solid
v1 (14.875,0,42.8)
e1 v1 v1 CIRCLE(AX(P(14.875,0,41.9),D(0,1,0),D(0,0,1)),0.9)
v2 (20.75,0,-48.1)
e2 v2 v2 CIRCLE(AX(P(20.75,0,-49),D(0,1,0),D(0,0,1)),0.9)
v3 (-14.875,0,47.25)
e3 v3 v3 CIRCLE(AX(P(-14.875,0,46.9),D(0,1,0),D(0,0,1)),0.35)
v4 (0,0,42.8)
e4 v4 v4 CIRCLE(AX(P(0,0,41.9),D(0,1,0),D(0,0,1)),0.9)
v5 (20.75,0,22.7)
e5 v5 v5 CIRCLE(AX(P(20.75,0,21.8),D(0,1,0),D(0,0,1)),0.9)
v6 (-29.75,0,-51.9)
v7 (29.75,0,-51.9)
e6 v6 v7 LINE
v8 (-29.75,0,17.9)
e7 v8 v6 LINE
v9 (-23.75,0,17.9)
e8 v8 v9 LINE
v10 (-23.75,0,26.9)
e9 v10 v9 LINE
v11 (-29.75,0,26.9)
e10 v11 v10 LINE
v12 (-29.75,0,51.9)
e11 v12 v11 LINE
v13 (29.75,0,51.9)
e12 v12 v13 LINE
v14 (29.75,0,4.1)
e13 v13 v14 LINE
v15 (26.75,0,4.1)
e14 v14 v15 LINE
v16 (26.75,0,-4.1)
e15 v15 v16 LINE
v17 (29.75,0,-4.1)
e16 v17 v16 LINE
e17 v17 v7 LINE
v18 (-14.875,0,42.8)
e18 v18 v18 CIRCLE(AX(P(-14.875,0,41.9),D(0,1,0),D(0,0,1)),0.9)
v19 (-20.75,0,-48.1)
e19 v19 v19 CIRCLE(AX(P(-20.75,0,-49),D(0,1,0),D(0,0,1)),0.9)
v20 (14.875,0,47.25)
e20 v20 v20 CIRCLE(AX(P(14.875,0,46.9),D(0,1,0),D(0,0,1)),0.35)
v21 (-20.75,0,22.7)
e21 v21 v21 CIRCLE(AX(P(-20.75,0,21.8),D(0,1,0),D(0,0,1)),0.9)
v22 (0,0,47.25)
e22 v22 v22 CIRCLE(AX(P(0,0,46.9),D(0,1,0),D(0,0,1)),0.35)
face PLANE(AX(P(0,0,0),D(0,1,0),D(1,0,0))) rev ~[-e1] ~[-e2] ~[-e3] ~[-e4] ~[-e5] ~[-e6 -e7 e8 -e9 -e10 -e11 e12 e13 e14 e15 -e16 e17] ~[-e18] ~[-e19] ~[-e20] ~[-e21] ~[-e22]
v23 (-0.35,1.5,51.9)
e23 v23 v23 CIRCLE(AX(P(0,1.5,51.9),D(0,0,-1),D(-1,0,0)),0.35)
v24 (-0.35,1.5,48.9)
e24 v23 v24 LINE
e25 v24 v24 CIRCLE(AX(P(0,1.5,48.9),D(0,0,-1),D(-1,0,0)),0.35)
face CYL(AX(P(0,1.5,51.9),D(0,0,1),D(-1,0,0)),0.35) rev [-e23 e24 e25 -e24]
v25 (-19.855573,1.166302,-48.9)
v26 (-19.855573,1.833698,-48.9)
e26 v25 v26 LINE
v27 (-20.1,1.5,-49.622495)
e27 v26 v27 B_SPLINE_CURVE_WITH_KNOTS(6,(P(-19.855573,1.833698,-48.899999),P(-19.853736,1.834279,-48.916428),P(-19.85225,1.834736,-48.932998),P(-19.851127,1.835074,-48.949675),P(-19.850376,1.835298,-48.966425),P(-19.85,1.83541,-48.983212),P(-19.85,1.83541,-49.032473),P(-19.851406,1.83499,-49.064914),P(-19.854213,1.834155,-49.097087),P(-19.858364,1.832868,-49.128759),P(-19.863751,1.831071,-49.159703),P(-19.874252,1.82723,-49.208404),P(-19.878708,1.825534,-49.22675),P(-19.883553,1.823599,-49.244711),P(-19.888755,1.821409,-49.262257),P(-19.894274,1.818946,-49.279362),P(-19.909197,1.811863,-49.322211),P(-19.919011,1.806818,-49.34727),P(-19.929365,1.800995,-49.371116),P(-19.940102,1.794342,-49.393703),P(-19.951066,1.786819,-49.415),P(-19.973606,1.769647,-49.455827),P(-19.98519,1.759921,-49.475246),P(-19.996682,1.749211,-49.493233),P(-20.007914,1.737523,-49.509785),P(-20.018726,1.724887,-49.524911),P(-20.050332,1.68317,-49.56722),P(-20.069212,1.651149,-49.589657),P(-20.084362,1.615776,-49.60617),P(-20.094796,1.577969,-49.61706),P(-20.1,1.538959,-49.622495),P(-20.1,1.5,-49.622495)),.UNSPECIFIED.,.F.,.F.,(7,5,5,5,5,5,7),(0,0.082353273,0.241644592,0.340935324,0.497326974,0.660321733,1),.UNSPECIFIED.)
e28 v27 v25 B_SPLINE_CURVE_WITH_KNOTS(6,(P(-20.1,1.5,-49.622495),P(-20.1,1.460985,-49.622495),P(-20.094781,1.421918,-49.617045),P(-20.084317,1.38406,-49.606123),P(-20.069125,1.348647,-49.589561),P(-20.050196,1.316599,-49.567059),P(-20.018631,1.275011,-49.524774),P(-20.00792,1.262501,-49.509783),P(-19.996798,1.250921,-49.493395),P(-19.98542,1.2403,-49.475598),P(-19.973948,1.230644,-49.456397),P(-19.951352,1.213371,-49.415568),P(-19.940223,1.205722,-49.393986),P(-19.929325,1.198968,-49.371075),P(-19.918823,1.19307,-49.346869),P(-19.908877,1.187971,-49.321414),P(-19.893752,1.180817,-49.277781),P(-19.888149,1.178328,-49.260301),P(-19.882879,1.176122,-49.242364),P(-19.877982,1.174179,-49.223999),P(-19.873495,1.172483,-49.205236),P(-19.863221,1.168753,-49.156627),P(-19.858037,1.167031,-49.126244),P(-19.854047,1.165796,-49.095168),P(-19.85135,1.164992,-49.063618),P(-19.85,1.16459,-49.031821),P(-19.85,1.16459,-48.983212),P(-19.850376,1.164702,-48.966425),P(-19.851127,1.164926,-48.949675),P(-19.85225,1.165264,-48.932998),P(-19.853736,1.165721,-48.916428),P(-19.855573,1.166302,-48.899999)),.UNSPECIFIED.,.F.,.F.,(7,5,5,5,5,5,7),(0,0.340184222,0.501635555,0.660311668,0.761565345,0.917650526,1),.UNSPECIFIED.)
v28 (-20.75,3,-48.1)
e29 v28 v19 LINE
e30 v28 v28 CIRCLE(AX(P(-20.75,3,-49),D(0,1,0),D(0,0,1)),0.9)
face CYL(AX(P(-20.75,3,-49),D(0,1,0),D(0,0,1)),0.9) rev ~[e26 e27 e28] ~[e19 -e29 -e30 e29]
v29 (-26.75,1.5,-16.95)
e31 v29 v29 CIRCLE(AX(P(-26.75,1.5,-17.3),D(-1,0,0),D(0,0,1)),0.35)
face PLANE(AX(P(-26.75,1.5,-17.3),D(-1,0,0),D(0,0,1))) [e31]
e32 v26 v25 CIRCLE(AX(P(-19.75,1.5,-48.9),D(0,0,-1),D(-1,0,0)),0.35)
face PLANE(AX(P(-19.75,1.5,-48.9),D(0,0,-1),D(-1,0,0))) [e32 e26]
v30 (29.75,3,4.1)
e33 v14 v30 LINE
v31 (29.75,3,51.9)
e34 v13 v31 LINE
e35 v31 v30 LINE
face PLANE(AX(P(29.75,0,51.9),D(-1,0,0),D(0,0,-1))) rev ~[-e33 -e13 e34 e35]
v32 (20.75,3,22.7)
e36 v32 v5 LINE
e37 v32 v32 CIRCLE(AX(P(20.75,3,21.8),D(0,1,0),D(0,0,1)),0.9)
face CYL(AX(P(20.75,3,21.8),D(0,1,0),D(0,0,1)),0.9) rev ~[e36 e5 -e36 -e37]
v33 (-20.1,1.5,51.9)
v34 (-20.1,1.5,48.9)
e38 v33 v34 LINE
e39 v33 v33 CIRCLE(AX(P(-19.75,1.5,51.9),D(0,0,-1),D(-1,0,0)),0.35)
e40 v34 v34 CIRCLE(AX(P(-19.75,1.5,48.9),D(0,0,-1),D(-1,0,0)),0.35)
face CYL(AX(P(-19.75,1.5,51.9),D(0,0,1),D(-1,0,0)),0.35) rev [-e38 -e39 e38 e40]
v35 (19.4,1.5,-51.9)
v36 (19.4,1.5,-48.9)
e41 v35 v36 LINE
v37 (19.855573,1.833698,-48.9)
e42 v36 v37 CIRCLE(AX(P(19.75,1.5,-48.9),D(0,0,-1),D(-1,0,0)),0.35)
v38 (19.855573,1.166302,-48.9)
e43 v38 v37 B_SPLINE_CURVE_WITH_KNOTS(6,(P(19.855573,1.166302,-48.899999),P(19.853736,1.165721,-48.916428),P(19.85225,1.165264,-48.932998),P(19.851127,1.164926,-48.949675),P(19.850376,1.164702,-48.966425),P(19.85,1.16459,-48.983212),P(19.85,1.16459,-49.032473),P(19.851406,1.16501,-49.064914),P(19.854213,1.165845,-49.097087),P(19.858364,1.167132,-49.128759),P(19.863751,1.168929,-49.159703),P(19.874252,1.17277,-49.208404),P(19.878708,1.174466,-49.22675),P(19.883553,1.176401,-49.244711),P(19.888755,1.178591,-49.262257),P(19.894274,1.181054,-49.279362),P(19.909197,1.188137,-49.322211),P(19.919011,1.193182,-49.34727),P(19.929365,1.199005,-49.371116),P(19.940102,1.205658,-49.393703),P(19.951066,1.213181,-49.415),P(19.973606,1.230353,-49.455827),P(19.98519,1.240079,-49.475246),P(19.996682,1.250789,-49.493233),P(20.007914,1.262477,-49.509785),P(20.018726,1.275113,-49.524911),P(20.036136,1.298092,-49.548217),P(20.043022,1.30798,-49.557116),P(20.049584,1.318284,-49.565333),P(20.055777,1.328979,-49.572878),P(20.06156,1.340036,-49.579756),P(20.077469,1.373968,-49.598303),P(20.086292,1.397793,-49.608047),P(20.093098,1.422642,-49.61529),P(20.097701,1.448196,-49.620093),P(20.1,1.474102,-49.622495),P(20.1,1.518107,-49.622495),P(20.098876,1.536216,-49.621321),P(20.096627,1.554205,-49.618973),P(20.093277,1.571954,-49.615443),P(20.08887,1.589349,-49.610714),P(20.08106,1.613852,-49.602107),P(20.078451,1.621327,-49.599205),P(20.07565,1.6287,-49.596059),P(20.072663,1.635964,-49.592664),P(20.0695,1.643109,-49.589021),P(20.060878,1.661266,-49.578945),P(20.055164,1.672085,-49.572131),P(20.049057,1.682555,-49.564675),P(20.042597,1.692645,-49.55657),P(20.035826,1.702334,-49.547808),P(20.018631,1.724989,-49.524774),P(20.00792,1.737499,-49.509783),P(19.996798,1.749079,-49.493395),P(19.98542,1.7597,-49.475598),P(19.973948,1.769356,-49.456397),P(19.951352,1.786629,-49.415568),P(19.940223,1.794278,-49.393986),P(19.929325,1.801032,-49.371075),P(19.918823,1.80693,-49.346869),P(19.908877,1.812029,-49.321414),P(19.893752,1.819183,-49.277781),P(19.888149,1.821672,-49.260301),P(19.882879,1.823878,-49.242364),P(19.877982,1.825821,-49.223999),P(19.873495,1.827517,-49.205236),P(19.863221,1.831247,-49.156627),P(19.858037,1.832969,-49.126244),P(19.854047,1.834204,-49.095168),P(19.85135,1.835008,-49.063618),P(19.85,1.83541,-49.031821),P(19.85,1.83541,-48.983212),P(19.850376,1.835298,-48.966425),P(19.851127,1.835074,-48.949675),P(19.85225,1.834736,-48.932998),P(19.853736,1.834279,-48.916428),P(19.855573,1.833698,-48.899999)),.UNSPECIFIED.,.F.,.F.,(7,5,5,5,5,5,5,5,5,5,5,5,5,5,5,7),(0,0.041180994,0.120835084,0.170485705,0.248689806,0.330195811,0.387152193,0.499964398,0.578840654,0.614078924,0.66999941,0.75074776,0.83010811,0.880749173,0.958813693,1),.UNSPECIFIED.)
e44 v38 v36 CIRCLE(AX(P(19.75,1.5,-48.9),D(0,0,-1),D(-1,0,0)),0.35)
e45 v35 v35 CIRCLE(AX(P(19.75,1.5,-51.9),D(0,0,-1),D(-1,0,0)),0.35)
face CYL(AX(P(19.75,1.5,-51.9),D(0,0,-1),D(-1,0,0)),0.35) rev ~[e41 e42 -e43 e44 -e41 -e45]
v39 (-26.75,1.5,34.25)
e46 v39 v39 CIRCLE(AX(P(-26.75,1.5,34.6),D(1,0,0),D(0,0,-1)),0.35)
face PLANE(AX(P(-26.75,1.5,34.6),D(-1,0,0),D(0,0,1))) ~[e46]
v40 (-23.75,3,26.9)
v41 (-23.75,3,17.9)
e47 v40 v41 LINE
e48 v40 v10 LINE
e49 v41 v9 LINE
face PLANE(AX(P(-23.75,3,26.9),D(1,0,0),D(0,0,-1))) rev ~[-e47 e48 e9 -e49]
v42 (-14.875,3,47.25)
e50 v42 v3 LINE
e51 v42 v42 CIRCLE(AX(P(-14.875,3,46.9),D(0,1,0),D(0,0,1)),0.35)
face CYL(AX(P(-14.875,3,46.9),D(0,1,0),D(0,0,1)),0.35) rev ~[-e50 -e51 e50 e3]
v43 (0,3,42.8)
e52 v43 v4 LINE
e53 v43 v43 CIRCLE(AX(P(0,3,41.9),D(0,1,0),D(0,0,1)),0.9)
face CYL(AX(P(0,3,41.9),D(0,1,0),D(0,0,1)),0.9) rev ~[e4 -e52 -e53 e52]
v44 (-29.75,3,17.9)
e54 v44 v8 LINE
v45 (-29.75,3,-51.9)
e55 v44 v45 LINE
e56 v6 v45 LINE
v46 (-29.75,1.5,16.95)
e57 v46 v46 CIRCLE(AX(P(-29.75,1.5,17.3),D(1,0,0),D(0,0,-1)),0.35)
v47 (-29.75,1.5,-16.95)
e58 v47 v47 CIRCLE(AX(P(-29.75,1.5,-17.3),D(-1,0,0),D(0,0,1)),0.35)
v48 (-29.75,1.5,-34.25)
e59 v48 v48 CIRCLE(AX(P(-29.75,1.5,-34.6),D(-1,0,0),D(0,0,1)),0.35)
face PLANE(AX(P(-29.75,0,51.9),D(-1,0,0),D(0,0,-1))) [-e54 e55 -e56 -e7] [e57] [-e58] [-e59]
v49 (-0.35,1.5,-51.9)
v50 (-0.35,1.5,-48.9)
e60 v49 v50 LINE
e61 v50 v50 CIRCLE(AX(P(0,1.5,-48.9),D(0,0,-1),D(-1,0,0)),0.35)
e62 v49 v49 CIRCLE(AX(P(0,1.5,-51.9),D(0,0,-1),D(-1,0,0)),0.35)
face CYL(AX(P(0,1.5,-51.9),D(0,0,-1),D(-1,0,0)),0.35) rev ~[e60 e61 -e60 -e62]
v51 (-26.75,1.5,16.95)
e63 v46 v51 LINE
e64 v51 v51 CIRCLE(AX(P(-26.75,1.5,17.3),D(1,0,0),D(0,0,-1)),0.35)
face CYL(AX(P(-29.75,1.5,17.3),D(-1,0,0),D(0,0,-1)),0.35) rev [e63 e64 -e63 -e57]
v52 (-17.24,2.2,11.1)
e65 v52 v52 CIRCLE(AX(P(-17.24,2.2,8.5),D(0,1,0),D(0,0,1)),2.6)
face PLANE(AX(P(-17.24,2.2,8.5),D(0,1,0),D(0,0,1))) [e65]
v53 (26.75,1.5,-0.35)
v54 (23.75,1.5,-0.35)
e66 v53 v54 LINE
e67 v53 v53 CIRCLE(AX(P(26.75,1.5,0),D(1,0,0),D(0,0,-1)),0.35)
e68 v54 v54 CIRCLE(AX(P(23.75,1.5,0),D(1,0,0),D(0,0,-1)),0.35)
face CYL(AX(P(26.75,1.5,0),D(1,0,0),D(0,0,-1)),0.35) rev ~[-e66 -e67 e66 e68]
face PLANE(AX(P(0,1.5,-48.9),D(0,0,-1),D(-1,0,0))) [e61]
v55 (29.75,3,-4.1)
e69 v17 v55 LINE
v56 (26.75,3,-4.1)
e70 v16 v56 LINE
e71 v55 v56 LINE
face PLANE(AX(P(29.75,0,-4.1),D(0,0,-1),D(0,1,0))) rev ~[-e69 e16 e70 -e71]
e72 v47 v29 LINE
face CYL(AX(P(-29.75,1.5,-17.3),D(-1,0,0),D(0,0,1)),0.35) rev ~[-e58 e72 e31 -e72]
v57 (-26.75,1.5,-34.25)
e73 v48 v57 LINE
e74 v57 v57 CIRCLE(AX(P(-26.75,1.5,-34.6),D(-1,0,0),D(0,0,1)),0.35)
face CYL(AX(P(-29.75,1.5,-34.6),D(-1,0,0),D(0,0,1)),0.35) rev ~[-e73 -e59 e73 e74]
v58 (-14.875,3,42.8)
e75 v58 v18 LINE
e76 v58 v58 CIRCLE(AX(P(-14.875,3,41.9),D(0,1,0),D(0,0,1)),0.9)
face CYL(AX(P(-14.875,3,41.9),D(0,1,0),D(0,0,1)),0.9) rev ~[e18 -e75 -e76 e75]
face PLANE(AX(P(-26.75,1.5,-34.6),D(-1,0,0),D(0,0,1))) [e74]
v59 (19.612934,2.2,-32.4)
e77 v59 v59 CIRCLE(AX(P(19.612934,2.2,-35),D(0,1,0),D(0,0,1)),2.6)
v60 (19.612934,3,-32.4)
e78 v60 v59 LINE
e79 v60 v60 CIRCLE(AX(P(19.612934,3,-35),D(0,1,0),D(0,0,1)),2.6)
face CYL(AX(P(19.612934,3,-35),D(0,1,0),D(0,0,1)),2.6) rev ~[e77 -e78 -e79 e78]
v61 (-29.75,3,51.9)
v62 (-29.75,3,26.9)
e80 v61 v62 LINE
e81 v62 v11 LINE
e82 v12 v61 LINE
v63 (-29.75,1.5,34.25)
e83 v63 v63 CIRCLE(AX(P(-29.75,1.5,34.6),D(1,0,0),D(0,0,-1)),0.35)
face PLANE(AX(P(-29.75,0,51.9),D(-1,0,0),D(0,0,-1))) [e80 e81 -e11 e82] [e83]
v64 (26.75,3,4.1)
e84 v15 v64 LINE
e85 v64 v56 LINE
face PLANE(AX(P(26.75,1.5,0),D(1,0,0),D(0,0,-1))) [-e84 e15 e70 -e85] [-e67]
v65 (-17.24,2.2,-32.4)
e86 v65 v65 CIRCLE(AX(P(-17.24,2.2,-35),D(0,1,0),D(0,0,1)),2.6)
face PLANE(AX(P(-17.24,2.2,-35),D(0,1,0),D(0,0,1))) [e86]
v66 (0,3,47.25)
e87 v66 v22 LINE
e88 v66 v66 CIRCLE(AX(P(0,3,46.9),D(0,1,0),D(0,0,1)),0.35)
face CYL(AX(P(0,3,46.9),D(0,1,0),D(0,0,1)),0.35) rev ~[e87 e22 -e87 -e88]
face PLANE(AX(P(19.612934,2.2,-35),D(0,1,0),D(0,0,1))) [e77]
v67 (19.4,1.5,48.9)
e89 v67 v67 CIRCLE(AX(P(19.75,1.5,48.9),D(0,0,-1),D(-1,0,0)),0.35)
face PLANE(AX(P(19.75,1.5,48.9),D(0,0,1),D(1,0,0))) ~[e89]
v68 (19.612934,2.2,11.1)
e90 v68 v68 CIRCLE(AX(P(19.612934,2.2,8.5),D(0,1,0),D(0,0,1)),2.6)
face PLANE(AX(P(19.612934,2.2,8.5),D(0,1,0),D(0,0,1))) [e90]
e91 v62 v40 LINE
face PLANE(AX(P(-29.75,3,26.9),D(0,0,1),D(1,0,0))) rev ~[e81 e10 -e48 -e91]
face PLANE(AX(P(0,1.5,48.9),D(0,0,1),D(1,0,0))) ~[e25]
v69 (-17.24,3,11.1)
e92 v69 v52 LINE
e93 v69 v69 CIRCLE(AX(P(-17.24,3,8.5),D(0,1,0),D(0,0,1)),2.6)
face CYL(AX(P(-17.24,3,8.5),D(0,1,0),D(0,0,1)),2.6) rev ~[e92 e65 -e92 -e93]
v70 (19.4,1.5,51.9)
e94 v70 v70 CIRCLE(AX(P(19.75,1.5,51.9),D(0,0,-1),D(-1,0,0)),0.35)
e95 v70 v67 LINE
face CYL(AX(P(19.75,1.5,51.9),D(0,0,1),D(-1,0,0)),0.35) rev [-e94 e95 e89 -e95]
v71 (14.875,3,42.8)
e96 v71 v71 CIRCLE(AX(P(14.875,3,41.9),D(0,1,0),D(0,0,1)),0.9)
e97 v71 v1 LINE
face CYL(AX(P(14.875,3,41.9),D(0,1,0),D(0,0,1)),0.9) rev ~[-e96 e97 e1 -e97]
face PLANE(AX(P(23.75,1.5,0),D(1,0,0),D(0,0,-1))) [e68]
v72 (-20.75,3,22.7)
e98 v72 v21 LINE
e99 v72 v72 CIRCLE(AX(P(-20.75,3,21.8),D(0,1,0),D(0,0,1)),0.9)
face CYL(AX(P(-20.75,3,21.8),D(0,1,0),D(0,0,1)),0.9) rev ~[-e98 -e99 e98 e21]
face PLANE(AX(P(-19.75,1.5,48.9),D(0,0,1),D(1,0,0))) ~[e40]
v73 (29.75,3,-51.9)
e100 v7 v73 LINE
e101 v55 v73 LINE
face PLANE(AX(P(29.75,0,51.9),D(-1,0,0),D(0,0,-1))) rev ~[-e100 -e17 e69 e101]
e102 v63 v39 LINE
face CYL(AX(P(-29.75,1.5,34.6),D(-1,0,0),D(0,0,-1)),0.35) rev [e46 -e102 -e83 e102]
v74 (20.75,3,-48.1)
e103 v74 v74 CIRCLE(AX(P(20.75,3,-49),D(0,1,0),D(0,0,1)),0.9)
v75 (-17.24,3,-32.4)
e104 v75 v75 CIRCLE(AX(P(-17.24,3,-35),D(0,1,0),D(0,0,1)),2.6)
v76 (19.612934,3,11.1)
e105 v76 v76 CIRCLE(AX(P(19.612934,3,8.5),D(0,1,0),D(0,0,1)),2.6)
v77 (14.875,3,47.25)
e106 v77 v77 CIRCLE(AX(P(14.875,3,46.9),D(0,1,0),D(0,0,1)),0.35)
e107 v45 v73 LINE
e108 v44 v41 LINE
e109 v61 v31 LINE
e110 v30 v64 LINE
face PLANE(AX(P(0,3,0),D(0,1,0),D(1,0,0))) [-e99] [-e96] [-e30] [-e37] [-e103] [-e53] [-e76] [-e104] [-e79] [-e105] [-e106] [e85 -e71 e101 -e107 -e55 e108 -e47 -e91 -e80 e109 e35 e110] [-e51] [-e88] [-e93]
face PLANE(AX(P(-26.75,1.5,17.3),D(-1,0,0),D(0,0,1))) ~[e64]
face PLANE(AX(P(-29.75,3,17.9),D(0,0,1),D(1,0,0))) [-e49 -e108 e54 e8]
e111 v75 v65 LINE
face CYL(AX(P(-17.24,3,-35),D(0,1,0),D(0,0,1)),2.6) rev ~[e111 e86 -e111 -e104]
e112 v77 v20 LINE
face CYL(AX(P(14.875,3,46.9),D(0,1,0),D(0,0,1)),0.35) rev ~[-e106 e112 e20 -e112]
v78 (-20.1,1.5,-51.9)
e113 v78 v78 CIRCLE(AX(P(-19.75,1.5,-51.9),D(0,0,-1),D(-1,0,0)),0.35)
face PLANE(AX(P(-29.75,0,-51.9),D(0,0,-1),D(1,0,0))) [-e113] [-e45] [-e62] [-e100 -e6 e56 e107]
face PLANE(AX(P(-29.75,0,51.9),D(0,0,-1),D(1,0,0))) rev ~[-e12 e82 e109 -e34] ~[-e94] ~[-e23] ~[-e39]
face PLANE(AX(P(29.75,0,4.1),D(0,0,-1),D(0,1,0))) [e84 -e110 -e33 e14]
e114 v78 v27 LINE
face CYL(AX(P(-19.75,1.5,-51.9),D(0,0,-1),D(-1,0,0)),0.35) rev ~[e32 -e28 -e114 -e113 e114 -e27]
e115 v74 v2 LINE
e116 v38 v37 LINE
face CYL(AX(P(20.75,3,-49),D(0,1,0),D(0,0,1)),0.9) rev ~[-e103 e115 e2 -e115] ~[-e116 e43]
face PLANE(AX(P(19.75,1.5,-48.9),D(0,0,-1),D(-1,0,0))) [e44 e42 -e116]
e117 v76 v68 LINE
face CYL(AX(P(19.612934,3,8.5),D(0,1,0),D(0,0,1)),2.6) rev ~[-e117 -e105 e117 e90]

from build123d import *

# Parameters (mm, degrees)
SKETCH_1_W          = 59.5
SKETCH_1_H          = 103.8
EXTRUDE_1_DEPTH     = 3
SKETCH_2_R          = 2.6
CUT_EXTRUDE_1_DEPTH = 0.8
SKETCH_3_W          = 8.2
SKETCH_3_H          = 3
CUT_EXTRUDE_2_DEPTH = 3
CUT_EXTRUDE_START   = -3
SKETCH_3_3_R        = 0.35
CUT_EXTRUDE_4_DEPTH = 3
SKETCH_4_R          = 0.35
CUT_EXTRUDE_5_DEPTH = 3
SKETCH_5_R          = 0.35
CUT_EXTRUDE_6_DEPTH = 3
SKETCH_8_W          = 6
SKETCH_8_H          = 9
CUT_EXTRUDE_7_DEPTH = 60.897182738
SKETCH_9_R          = 0.9
CUT_EXTRUDE_8_DEPTH = 60.897182738
SKETCH_10_R         = 0.35
SKETCH_10_R_2       = 0.9
CUT_EXTRUDE_9_DEPTH = 60.89718283


with BuildPart() as part:
    # 草图1 → 凸台-拉伸1 (new body)
    with BuildSketch(Plane(origin=(0, 0, 0), x_dir=(1, 0, 0), z_dir=(0, 1, 0))):
        Rectangle(SKETCH_1_W, SKETCH_1_H)
    extrude(amount=EXTRUDE_1_DEPTH)

    # 草图2 → 切除-拉伸1 (cut)
    with BuildSketch(Plane(origin=(0, 3, 0), x_dir=(1, 0, 0), z_dir=(0, 1, 0))):
        with Locations(Location((19.612933951, 35, 0), (0, 0, 270))):
            Circle(SKETCH_2_R)
        with Locations(Location((19.612933951, -8.5, 0), (0, 0, 270))):
            Circle(SKETCH_2_R)
        with Locations(Location((-17.24, -8.5, 0), (0, 0, 270))):
            Circle(SKETCH_2_R)
        with Locations(Location((-17.24, 35, 0), (0, 0, 270))):
            Circle(SKETCH_2_R)
    extrude(amount=-CUT_EXTRUDE_1_DEPTH, mode=Mode.SUBTRACT)

    # 草图3 → 切除-拉伸2 (cut)
    with BuildSketch(Plane(origin=(29.75, 0, 0), x_dir=(0, 0, -1), z_dir=(1, 0, 0))):
        with Locations((0, 1.5)):
            Rectangle(SKETCH_3_W, SKETCH_3_H)
    extrude(amount=-CUT_EXTRUDE_2_DEPTH, mode=Mode.SUBTRACT)

    # 草图3<3> → 切除-拉伸4 (cut)
    with BuildSketch(Plane(origin=(29.75, 0, 0), x_dir=(0, 0, -1), z_dir=(1, 0, 0)).offset(CUT_EXTRUDE_START)):
        with Locations((0, 1.5)):
            Circle(SKETCH_3_3_R)
    extrude(amount=-CUT_EXTRUDE_4_DEPTH, mode=Mode.SUBTRACT)

    # 草图4 → 切除-拉伸5 (cut)
    with BuildSketch(Plane(origin=(0, 0, -51.9), x_dir=(-1, 0, 0), z_dir=(0, 0, -1))):
        with Locations((-19.75, 1.5)):
            Circle(SKETCH_4_R)
        with Locations((0, 1.5)):
            Circle(SKETCH_4_R)
        with Locations((19.75, 1.5)):
            Circle(SKETCH_4_R)
    cut_extrude_5 = extrude(amount=-CUT_EXTRUDE_5_DEPTH, mode=Mode.SUBTRACT)

    # 草图5 → 切除-拉伸6 (cut)
    with BuildSketch(Plane.ZY.offset(29.75)):
        with Locations((-34.6, 1.5)):
            Circle(SKETCH_5_R)
        with Locations((-17.3, 1.5)):
            Circle(SKETCH_5_R)
    cut_extrude_6 = extrude(amount=-CUT_EXTRUDE_6_DEPTH, mode=Mode.SUBTRACT)

    # 镜向1: 切除-拉伸5, 切除-拉伸6 across plane
    add(cut_extrude_5.mirror(Plane.XY), mode=Mode.SUBTRACT)
    add(cut_extrude_6.mirror(Plane.XY), mode=Mode.SUBTRACT)

    # 草图8 → 切除-拉伸7 (cut, through all)
    with BuildSketch(Plane(origin=(0, 3, 0), x_dir=(1, 0, 0), z_dir=(0, 1, 0))):
        with Locations((-26.75, -22.4)):
            Rectangle(SKETCH_8_W, SKETCH_8_H)
    extrude(amount=-CUT_EXTRUDE_7_DEPTH, mode=Mode.SUBTRACT)

    # 草图9 → 切除-拉伸8 (cut, through all)
    with BuildSketch(Plane(origin=(0, 3, 0), x_dir=(1, 0, 0), z_dir=(0, 1, 0))):
        with Locations(Location((-20.75, 49, 0), (0, 0, 270))):
            Circle(SKETCH_9_R)
        with Locations(Location((20.75, 49, 0), (0, 0, 270))):
            Circle(SKETCH_9_R)
        with Locations(Location((-20.75, -21.8, 0), (0, 0, 270))):
            Circle(SKETCH_9_R)
        with Locations(Location((20.75, -21.8, 0), (0, 0, 270))):
            Circle(SKETCH_9_R)
    extrude(amount=-CUT_EXTRUDE_8_DEPTH, mode=Mode.SUBTRACT)

    # 草图10 → 切除-拉伸9 (cut, through all)
    with BuildSketch(Plane(origin=(0, 3, 0), x_dir=(1, 0, 0), z_dir=(0, 1, 0))):
        with Locations(Location((14.875, -46.9, 0), (0, 0, 270))):
            Circle(SKETCH_10_R)
        with Locations(Location((-14.875, -46.9, 0), (0, 0, 270))):
            Circle(SKETCH_10_R)
        with Locations(Location((14.875, -41.9, 0), (0, 0, 270))):
            Circle(SKETCH_10_R_2)
        with Locations(Location((-14.875, -41.9, 0), (0, 0, 270))):
            Circle(SKETCH_10_R_2)
        with Locations(Location((0, -46.9, 0), (0, 0, 270))):
            Circle(SKETCH_10_R)
        with Locations(Location((0, -41.9, 0), (0, 0, 270))):
            Circle(SKETCH_10_R_2)
    extrude(amount=-CUT_EXTRUDE_9_DEPTH, mode=Mode.SUBTRACT)


solid = part.part
